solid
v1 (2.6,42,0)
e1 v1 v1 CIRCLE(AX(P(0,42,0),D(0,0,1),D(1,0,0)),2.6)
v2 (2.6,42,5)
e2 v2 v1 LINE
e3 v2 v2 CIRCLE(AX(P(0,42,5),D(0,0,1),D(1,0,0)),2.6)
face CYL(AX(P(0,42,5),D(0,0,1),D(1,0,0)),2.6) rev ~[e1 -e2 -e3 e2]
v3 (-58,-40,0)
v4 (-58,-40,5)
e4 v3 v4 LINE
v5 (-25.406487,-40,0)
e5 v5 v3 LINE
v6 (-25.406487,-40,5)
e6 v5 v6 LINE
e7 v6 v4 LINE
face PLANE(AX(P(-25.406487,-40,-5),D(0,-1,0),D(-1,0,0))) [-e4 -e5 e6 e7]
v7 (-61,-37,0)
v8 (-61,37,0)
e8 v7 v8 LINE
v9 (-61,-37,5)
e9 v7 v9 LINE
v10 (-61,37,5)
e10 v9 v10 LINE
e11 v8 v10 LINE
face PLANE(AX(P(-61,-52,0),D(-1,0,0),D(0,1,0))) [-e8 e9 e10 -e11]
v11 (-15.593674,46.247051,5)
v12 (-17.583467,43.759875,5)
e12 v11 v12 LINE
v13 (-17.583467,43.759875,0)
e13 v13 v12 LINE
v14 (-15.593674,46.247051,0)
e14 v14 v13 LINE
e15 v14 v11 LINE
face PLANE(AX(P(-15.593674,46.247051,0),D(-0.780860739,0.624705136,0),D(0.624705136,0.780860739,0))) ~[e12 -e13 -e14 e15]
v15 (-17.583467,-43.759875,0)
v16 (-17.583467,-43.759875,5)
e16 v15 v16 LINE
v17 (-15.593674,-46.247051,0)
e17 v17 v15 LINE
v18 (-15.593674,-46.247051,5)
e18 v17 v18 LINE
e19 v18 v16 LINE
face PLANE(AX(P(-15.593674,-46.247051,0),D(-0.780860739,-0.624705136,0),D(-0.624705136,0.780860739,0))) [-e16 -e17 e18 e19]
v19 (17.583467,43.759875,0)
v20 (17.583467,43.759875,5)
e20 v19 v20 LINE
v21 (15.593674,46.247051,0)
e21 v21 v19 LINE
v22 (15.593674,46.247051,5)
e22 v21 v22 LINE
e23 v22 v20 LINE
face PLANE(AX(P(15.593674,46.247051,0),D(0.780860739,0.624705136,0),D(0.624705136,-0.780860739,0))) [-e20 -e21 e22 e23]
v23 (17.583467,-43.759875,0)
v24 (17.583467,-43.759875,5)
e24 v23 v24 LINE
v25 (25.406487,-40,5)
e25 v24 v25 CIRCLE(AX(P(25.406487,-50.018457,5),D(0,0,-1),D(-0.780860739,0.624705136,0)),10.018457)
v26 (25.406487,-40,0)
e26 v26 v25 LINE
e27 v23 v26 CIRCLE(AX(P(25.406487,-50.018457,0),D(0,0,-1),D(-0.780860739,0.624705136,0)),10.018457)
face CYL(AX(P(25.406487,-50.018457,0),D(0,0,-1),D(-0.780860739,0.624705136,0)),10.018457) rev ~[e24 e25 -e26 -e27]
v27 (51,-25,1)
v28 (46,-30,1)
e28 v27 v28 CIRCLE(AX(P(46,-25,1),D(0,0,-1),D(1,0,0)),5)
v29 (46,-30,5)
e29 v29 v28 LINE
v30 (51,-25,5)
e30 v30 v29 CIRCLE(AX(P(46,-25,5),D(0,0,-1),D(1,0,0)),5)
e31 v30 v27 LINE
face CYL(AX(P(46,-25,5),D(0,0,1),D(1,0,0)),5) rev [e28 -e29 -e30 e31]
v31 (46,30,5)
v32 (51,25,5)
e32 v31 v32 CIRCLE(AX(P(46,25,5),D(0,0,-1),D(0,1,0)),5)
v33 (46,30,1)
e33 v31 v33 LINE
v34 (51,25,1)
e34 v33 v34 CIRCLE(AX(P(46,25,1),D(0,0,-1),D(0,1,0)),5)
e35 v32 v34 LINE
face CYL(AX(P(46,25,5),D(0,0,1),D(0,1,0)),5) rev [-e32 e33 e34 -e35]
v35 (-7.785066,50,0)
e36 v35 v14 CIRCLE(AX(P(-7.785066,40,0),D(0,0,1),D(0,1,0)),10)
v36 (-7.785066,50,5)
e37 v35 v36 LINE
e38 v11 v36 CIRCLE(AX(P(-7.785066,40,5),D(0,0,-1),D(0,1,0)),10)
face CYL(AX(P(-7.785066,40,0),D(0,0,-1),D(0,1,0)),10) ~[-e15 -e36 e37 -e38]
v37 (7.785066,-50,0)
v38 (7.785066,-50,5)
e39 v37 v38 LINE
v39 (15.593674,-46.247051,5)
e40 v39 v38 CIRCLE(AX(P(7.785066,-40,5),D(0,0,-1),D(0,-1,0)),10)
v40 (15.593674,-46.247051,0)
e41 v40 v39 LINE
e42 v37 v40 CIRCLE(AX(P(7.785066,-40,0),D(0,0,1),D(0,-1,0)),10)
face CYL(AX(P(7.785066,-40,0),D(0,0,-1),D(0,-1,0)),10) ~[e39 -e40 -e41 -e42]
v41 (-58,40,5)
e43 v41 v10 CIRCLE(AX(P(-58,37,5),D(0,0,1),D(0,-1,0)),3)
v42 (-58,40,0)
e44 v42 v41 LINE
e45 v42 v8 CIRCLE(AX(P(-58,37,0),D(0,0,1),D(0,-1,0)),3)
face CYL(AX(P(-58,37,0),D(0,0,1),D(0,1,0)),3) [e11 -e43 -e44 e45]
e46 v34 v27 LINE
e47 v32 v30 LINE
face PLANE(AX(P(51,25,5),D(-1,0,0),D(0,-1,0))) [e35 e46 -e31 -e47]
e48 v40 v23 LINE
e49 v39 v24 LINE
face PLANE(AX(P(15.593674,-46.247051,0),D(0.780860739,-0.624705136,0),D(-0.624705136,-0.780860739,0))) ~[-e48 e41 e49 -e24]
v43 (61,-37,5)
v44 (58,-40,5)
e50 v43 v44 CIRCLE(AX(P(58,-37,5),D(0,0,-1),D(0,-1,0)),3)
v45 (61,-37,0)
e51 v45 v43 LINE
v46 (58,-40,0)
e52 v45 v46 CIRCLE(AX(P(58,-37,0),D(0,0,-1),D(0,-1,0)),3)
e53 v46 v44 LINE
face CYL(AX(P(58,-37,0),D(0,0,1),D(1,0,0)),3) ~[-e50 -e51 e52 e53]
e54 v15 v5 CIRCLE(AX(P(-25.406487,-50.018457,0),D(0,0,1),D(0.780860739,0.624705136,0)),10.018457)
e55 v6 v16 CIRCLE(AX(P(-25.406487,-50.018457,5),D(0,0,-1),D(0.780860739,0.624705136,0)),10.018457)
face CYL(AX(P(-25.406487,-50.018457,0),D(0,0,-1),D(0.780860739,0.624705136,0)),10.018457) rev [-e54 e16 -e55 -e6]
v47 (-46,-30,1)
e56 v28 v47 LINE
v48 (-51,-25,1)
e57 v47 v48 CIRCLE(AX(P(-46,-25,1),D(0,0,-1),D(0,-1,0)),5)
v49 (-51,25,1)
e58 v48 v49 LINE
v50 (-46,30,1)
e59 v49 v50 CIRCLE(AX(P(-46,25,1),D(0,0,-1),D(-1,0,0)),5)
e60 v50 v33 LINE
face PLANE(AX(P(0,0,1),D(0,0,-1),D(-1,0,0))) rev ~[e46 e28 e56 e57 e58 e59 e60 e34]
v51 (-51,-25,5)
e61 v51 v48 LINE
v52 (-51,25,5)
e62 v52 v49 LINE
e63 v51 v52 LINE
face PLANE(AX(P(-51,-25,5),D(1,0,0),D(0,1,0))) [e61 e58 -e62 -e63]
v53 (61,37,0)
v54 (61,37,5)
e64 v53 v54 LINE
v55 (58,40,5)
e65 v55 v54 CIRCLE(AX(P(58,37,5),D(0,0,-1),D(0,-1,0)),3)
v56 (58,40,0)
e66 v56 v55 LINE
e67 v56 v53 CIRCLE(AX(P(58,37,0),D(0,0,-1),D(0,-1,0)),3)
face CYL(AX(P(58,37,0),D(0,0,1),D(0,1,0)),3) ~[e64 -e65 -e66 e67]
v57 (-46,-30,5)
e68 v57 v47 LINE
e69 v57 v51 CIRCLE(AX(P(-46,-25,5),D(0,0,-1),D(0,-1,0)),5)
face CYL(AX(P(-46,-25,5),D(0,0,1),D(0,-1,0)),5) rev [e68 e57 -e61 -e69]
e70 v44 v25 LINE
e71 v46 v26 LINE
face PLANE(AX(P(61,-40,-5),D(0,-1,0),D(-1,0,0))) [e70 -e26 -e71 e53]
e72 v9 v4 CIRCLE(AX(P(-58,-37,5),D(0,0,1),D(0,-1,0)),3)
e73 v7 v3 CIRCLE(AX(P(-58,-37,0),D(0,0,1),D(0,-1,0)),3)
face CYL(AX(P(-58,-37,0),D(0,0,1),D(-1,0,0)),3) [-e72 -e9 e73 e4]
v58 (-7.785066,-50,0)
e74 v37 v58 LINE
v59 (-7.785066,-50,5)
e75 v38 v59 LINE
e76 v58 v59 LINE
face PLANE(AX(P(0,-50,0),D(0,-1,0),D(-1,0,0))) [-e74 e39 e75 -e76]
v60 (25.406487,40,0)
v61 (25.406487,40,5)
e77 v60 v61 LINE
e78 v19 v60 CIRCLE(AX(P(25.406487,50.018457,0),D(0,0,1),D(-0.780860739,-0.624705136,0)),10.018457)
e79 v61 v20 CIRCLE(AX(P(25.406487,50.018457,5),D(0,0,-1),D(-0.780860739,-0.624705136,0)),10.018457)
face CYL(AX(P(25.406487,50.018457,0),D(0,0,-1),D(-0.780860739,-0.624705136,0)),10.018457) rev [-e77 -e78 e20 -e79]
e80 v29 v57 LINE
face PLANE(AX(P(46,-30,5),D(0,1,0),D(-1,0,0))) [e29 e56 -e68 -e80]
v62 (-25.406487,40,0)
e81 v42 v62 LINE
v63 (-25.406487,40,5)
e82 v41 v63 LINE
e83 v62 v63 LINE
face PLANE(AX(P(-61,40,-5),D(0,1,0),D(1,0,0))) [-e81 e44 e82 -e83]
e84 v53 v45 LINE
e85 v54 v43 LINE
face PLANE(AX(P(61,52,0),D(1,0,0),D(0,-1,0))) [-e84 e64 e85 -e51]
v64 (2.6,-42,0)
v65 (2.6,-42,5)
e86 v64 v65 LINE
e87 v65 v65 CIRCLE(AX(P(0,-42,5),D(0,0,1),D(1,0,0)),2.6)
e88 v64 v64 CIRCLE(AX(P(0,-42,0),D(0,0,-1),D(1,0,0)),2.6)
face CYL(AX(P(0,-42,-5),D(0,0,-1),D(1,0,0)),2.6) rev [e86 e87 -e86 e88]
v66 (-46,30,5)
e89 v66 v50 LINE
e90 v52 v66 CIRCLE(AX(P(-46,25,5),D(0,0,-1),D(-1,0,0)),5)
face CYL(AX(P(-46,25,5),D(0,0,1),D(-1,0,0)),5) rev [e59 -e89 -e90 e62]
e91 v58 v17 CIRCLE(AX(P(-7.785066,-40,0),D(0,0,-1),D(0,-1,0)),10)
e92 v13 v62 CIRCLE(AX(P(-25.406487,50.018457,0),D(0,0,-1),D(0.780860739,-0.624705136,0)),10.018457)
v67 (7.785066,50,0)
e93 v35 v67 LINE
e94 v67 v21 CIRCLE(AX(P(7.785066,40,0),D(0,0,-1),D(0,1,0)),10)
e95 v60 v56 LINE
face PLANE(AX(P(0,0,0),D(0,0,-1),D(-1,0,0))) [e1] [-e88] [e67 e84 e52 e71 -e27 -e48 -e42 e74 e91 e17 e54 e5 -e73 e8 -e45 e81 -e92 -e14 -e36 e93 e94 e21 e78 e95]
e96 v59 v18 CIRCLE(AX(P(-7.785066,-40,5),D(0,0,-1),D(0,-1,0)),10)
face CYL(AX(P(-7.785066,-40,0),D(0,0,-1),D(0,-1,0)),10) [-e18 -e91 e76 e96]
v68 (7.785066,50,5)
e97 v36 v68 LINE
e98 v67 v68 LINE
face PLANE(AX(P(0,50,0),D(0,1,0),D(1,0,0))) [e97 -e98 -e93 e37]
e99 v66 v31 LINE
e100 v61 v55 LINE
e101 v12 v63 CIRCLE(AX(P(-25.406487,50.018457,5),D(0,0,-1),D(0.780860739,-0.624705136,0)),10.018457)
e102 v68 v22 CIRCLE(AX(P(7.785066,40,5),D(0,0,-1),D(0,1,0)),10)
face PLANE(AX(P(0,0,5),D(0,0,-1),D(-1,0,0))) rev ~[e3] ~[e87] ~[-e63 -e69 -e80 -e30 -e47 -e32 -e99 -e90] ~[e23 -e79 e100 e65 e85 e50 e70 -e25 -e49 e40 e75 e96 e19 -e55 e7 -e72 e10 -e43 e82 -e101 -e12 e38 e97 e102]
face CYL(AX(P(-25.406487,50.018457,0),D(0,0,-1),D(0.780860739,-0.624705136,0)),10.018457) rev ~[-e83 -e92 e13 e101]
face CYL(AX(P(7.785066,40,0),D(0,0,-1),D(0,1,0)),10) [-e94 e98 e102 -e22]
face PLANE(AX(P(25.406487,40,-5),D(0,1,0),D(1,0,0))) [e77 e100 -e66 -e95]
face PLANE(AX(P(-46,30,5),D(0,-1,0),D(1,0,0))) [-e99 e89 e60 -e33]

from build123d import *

# Parameters (mm, degrees)
BOSS_EXTRUDE1_DEPTH  = 5
CUT_EXTRUDE1_START   = -10
SKETCH3_R            = 2.6
CUT_EXTRUDE1_DEPTH   = 10
FILLET1_R            = 10
FILLET2_R            = 3
SKETCH4_R            = 2.6
CUT_EXTRUDE2_DEPTH   = 10
CUT_EXTRUDE3_DEPTH   = 4
CUT_EXTRUDE4_DEPTH   = 83.286086309
MIRROR2_COPY_1_DEPTH = 83.286086309


with BuildPart() as part:
    # Sketch1 → Boss-Extrude1 (new body)
    with BuildSketch(Plane.XY):
        with BuildLine():
            Line((-58, 55), (58, 55))
            ThreePointArc((58, 55), (60.121320344, 54.121320344), (61, 52))
            Line((61, 52), (61, -52))
            ThreePointArc((61, -52), (60.121320344, -54.121320344), (58, -55))
            Line((58, -55), (-58, -55))
            ThreePointArc((-58, -55), (-60.121320344, -54.121320344), (-61, -52))
            Line((-61, -52), (-61, 52))
            ThreePointArc((-61, 52), (-60.121320344, 54.121320344), (-58, 55))
        make_face()
    extrude(amount=BOSS_EXTRUDE1_DEPTH)

    # Sketch3 → Cut-Extrude1 (cut)
    with BuildSketch(Plane.XY.offset(5).offset(CUT_EXTRUDE1_START)):
        with BuildLine():
            Line((-58, 55), (-8.6, 55))
            Line((-8.6, 55), (-8.6, 59.373865289))
            Line((-8.6, 59.373865289), (-61, 59.373865289))
            Line((-61, 59.373865289), (-61, 52))
            ThreePointArc((-61, 52), (-60.121320344, 54.121320344), (-58, 55))
        make_face()
        with BuildLine():
            Line((-17.597879381, 43.752948644), (-8.6, 55))
            Line((-8.6, 55), (-58, 55))
            ThreePointArc((-58, 55), (-60.121320344, 54.121320344), (-61, 52))
            Line((-61, 52), (-61, 40))
            Line((-61, 40), (-25.40648677, 40))
            ThreePointArc((-25.40648677, 40), (-21.074657685, 40.986939655), (-17.597879381, 43.752948644))
        make_face()
        with BuildLine():
            ThreePointArc((58, 55), (60.121320344, 54.121320344), (61, 52))
            Line((61, 52), (61, 59.373865289))
            Line((61, 59.373865289), (8.6, 59.373865289))
            Line((8.6, 59.373865289), (8.6, 55))
            Line((8.6, 55), (13.480832282, 55))
            Line((13.480832282, 55), (58, 55))
        make_face()
        with BuildLine():
            ThreePointArc((17.597879381, 43.752948644), (21.074657685, 40.986939655), (25.40648677, 40))
            Line((25.40648677, 40), (61, 40))
            Line((61, 40), (61, 52))
            ThreePointArc((61, 52), (60.121320344, 54.121320344), (58, 55))
            Line((58, 55), (13.480832282, 55))
            Line((13.480832282, 55), (8.6, 55))
            Line((8.6, 55), (17.597879381, 43.752948644))
        make_face()
        with BuildLine():
            Line((61, -52), (61, -40))
            Line((61, -40), (25.40648677, -40))
            ThreePointArc((25.40648677, -40), (21.074657685, -40.986939655), (17.597879381, -43.752948644))
            Line((17.597879381, -43.752948644), (8.6, -55))
            Line((8.6, -55), (58, -55))
            ThreePointArc((58, -55), (60.121320344, -54.121320344), (61, -52))
        make_face()
        with BuildLine():
            Line((61, -59.373865289), (61, -52))
            ThreePointArc((61, -52), (60.121320344, -54.121320344), (58, -55))
            Line((58, -55), (8.6, -55))
            Line((8.6, -55), (8.6, -59.373865289))
            Line((8.6, -59.373865289), (61, -59.373865289))
        make_face()
        with BuildLine():
            Line((-58, -55), (-8.6, -55))
            Line((-8.6, -55), (-17.597879381, -43.752948644))
            ThreePointArc((-17.597879381, -43.752948644), (-21.074657685, -40.986939655), (-25.40648677, -40))
            Line((-25.40648677, -40), (-61, -40))
            Line((-61, -40), (-61, -52))
            ThreePointArc((-61, -52), (-60.121320344, -54.121320344), (-58, -55))
        make_face()
        with BuildLine():
            Line((-8.6, -59.373865289), (-8.6, -55))
            Line((-8.6, -55), (-58, -55))
            ThreePointArc((-58, -55), (-60.121320344, -54.121320344), (-61, -52))
            Line((-61, -52), (-61, -59.373865289))
            Line((-61, -59.373865289), (-8.6, -59.373865289))
        make_face()
        with Locations((0, -42)):
            Circle(SKETCH3_R)
    extrude(amount=CUT_EXTRUDE1_DEPTH, mode=Mode.SUBTRACT)

    # Fillet1
    fillet1_edges = [part.edges().sort_by_distance(p)[0] for p in [
        (-8.6, 55, 2.5),
        (8.6, 55, 2.5),
        (8.6, -55, 2.5),
        (-8.6, -55, 2.5),
    ]]
    fillet(fillet1_edges, radius=FILLET1_R)

    # Fillet2
    fillet2_edges = [part.edges().sort_by_distance(p)[0] for p in [
        (-61, -40, 2.5),
        (-61, 40, 2.5),
        (61, 40, 2.5),
        (61, -40, 2.5),
    ]]
    fillet(fillet2_edges, radius=FILLET2_R)

    # Sketch4 → Cut-Extrude2 (cut)
    with BuildSketch(Plane.XY.offset(5)):
        with Locations((0, 42)):
            Circle(SKETCH4_R)
    extrude(amount=-CUT_EXTRUDE2_DEPTH, mode=Mode.SUBTRACT)

    # Sketch5 → Cut-Extrude3 (cut)
    with BuildSketch(Plane.XY.offset(5)):
        with BuildLine():
            Line((-46, 30), (46, 30))
            ThreePointArc((46, 30), (49.535533906, 28.535533906), (51, 25))
            Line((51, 25), (51, -25))
            ThreePointArc((51, -25), (49.535533906, -28.535533906), (46, -30))
            Line((46, -30), (-46, -30))
            ThreePointArc((-46, -30), (-49.535533906, -28.535533906), (-51, -25))
            Line((-51, -25), (-51, 25))
            ThreePointArc((-51, 25), (-49.535533906, 28.535533906), (-46, 30))
        make_face()
    extrude(amount=-CUT_EXTRUDE3_DEPTH, mode=Mode.SUBTRACT)

    # Sketch6 → Cut-Extrude4 (cut, through all)
    with BuildSketch(Plane(origin=(0, 0, 0), x_dir=(-1, 0, 0), z_dir=(0, 0, -1))):
        with BuildLine():
            Line((0, 50), (-7.785066229, 50))
            ThreePointArc((-7.785066229, 50), (-12.116895314, 49.013060345), (-15.593673618, 46.247051356))
            Line((-15.593673618, 46.247051356), (-17.583467028, 43.759875465))
            ThreePointArc((-17.583467028, 43.759875465), (-21.066662425, 40.988761251), (-25.40648677, 40))
            Line((-25.40648677, 40), (-25.40648677, 70))
            Line((-25.40648677, 70), (0, 70))
            Line((0, 70), (0, 50))
        make_face()
    cut_extrude4 = extrude(amount=-CUT_EXTRUDE4_DEPTH, mode=Mode.SUBTRACT)

    # Mirror1: Cut-Extrude4 across plane
    add(cut_extrude4.mirror(Plane(origin=(0, 0, 0), x_dir=(0, 0, 1), z_dir=(1, 0, 0))), mode=Mode.SUBTRACT)

    # Mirror2: Cut-Extrude4 across plane
    add(cut_extrude4.mirror(Plane.ZX), mode=Mode.SUBTRACT)

    # Mirror2 copy 1 sketch → Mirror2 copy 1 (cut, through all)
    with BuildSketch(Plane(origin=(0, 0, 0), x_dir=(1, 0, 0), z_dir=(0, 0, -1))):
        with BuildLine():
            Line((0, 50), (-7.785066229, 50))
            ThreePointArc((-7.785066229, 50), (-12.116895314, 49.013060345), (-15.593673618, 46.247051356))
            Line((-15.593673618, 46.247051356), (-17.583467028, 43.759875465))
            ThreePointArc((-17.583467028, 43.759875465), (-21.066662425, 40.988761251), (-25.40648677, 40))
            Line((-25.40648677, 40), (-25.40648677, 70))
            Line((-25.40648677, 70), (0, 70))
            Line((0, 70), (0, 50))
        make_face()
    extrude(amount=-MIRROR2_COPY_1_DEPTH, mode=Mode.SUBTRACT)


solid = part.part
